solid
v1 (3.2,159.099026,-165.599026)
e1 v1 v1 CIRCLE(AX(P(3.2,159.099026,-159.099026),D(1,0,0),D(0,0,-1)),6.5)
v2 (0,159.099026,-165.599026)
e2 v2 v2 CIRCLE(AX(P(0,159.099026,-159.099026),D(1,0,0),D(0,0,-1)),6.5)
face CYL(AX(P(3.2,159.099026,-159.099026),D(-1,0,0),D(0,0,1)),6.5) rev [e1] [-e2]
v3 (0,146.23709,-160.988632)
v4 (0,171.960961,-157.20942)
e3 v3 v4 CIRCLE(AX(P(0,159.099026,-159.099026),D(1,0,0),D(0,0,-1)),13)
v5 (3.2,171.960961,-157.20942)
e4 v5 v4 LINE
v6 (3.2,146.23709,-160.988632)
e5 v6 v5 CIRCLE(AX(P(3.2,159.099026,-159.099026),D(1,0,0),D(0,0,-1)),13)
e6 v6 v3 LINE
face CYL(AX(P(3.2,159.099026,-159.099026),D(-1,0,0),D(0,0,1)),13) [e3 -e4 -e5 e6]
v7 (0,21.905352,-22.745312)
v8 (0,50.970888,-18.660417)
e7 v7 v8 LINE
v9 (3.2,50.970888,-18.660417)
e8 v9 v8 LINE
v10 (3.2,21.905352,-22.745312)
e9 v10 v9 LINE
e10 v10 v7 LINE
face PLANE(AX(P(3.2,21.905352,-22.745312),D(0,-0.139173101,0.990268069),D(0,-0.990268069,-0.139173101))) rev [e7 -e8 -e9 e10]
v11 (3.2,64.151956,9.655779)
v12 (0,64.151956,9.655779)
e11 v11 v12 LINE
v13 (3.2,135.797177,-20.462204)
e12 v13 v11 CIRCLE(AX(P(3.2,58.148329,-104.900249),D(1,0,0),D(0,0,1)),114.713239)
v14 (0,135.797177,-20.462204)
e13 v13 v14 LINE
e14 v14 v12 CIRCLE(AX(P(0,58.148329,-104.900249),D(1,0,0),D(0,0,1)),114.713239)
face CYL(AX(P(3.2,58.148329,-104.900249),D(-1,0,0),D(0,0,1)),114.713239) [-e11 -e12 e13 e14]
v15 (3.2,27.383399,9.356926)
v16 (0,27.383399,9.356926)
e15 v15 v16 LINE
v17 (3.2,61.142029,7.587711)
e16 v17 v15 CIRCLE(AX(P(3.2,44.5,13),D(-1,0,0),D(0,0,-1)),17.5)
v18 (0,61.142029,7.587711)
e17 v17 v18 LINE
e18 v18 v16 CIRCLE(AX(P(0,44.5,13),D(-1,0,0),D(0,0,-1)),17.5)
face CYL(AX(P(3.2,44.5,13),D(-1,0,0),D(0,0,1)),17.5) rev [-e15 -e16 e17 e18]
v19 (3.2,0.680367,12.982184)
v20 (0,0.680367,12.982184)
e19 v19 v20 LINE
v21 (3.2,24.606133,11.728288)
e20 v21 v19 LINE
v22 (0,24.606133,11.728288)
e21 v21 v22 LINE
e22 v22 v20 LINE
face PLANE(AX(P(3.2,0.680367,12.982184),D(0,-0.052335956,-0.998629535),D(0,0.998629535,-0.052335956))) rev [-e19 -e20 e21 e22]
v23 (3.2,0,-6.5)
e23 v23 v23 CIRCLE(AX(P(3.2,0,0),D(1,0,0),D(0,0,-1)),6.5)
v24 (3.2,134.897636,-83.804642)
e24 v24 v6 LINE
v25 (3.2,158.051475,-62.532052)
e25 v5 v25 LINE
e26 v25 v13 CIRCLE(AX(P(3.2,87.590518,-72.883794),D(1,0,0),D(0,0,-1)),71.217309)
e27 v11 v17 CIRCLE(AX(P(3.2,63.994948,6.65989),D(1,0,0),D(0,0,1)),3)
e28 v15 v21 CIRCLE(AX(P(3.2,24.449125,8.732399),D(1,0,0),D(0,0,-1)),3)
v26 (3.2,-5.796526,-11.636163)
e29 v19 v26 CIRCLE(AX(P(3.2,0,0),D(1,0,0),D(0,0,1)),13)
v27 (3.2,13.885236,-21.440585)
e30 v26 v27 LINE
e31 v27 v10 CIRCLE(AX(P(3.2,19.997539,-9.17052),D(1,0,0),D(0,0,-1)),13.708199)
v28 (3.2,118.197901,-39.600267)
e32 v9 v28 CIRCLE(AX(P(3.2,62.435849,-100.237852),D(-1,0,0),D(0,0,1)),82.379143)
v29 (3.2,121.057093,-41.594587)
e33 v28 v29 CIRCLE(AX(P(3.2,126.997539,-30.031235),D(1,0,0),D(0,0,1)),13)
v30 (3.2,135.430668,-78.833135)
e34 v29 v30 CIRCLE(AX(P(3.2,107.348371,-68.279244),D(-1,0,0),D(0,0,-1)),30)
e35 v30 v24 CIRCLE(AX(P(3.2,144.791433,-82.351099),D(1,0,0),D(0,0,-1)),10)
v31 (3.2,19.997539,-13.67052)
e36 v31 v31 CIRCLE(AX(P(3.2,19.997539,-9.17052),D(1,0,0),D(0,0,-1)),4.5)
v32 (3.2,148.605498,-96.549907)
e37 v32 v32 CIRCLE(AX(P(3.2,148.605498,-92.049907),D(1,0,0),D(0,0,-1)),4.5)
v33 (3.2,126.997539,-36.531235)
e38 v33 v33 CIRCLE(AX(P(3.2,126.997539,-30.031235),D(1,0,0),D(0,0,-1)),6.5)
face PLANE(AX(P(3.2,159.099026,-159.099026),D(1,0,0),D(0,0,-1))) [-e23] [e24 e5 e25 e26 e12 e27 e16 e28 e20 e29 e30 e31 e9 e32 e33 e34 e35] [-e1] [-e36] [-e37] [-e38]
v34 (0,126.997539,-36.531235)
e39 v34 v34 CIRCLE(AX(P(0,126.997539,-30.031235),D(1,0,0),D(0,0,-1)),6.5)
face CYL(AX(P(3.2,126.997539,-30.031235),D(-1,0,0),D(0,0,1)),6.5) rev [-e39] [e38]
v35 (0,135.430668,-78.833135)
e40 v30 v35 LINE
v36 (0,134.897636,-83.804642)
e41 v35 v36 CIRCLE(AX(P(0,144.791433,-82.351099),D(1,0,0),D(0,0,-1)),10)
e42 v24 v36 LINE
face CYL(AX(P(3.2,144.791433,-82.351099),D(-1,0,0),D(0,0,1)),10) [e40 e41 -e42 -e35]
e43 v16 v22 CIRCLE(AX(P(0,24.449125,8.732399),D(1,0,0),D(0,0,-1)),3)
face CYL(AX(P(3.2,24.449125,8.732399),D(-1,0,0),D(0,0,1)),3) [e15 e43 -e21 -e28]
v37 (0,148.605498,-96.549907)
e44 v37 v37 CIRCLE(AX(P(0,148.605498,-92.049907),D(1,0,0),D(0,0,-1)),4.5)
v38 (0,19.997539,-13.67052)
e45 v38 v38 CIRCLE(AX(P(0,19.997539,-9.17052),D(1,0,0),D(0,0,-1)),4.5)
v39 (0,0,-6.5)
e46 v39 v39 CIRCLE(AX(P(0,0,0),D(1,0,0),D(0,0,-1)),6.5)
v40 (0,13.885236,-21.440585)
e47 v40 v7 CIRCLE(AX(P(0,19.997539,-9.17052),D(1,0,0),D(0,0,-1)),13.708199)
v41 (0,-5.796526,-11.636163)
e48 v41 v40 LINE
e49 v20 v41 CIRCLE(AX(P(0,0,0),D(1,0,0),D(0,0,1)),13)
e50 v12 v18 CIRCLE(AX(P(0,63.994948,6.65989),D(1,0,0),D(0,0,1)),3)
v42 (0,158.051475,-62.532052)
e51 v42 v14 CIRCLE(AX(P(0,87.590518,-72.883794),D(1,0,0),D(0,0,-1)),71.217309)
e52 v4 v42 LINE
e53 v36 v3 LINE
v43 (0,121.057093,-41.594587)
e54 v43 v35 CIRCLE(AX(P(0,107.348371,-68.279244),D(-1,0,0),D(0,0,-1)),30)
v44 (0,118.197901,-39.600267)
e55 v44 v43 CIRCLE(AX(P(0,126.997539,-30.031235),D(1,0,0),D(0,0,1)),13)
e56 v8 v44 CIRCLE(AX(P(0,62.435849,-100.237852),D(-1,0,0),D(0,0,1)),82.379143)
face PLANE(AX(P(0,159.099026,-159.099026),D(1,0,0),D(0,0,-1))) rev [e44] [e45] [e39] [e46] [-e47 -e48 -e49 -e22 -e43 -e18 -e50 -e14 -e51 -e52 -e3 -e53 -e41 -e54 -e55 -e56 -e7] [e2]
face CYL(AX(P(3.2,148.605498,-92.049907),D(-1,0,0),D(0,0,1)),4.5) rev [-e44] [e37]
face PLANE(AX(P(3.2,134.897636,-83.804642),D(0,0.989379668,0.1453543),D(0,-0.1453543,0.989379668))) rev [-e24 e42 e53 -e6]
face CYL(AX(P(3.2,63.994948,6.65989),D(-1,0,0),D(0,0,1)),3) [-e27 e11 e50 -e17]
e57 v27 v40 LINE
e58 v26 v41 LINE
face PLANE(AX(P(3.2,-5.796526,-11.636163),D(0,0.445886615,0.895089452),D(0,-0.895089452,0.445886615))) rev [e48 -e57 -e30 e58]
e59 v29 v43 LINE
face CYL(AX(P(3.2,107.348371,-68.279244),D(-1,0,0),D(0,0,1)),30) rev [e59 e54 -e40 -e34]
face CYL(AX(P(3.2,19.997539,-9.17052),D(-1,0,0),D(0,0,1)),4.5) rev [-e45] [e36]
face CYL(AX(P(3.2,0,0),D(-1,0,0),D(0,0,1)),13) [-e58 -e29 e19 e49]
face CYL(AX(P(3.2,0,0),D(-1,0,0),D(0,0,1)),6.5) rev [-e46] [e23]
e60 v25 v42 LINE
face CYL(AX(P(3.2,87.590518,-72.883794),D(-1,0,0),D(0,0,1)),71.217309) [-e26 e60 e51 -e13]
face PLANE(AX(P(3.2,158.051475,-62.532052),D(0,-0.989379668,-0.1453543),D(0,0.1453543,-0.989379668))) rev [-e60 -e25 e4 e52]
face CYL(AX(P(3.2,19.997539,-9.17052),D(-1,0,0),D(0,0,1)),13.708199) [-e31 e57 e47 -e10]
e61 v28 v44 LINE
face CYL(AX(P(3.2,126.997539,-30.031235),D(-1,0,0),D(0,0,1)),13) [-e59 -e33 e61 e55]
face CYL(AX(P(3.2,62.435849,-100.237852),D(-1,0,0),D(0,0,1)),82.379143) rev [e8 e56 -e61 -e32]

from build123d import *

# Parameters (mm, degrees)
EXTRUDE1_DEPTH            = 3.2
SKETCH5_R                 = 6.5
CHASSIS_MOUNT_HOLES_DEPTH = 244.405812041
SKETCH6_R                 = 4.5
ENGINE_MOUNT_HOLES_DEPTH  = 244.405812041


with BuildPart() as part:
    # Sketch4 → Extrude1 (new body)
    with BuildSketch(Plane(origin=(0, 0, 0), x_dir=(0, 0, -1), z_dir=(1, 0, 0))):
        with BuildLine():
            Line((62.532051611, 158.051475499), (157.209419868, 171.960961445))
            ThreePointArc((157.209419868, 171.960961445), (171.960961445, 160.988631666), (160.988631666, 146.237090089))
            Line((160.988631666, 146.237090089), (83.804641545, 134.897636473))
            ThreePointArc((83.804641545, 134.897636473), (81.285036333, 134.84841996), (78.833134949, 135.430667579))
            ThreePointArc((78.833134949, 135.430667579), (57.476451891, 135.335862335), (41.594586736, 121.057092835))
            ThreePointArc((41.594586736, 121.057092835), (40.693699631, 119.560345202), (39.600266647, 118.197900576))
            ThreePointArc((39.600266647, 118.197900576), (21.5857968, 86.934366989), (18.660417288, 50.97088814))
            Line((18.660417288, 50.97088814), (22.745312053, 21.905351613))
            ThreePointArc((22.745312053, 21.905351613), (22.700845783, 17.796400072), (21.440584589, 13.88523634))
            Line((21.440584589, 13.88523634), (11.636162946, -5.796526027))
            ThreePointArc((11.636162946, -5.796526027), (-3.307639706, -12.572172512), (-12.982184032, 0.680367435))
            Line((-12.982184032, 0.680367435), (-11.728287792, 24.606132992))
            ThreePointArc((-11.728287792, 24.606132992), (-11.013879957, 26.397161442), (-9.356926136, 27.383399496))
            ThreePointArc((-9.356926136, 27.383399496), (4.476016858, 43.584120766), (-7.587711328, 61.142029063))
            ThreePointArc((-7.587711328, 61.142029063), (-9.132498235, 62.296063238), (-9.655779017, 64.1519562))
            ThreePointArc((-9.655779017, 64.1519562), (-0.849075896, 102.602883239), (20.462203873, 135.797177398))
            ThreePointArc((20.462203873, 135.797177398), (39.583099322, 150.54263352), (62.532051611, 158.051475499))
        make_face()
    extrude(amount=EXTRUDE1_DEPTH)

    # Sketch5 → chassis mount holes (cut, through all)
    with BuildSketch(Plane(origin=(0, 0, 0), x_dir=(0, 0, -1), z_dir=(1, 0, 0))):
        Circle(SKETCH5_R)
        with Locations((159.099025767, 159.099025767)):
            Circle(SKETCH5_R)
        with Locations((30.03123526, 126.997538987)):
            Circle(SKETCH5_R)
    extrude(amount=CHASSIS_MOUNT_HOLES_DEPTH, mode=Mode.SUBTRACT)

    # Sketch6 → engine mount holes (cut, through all)
    with BuildSketch(Plane(origin=(0, 0, 0), x_dir=(0, 0, -1), z_dir=(1, 0, 0))):
        with Locations((9.170519858, 19.997538987)):
            Circle(SKETCH6_R)
        with Locations((92.049906905, 148.605498316)):
            Circle(SKETCH6_R)
    extrude(amount=ENGINE_MOUNT_HOLES_DEPTH, mode=Mode.SUBTRACT)


solid = part.part
